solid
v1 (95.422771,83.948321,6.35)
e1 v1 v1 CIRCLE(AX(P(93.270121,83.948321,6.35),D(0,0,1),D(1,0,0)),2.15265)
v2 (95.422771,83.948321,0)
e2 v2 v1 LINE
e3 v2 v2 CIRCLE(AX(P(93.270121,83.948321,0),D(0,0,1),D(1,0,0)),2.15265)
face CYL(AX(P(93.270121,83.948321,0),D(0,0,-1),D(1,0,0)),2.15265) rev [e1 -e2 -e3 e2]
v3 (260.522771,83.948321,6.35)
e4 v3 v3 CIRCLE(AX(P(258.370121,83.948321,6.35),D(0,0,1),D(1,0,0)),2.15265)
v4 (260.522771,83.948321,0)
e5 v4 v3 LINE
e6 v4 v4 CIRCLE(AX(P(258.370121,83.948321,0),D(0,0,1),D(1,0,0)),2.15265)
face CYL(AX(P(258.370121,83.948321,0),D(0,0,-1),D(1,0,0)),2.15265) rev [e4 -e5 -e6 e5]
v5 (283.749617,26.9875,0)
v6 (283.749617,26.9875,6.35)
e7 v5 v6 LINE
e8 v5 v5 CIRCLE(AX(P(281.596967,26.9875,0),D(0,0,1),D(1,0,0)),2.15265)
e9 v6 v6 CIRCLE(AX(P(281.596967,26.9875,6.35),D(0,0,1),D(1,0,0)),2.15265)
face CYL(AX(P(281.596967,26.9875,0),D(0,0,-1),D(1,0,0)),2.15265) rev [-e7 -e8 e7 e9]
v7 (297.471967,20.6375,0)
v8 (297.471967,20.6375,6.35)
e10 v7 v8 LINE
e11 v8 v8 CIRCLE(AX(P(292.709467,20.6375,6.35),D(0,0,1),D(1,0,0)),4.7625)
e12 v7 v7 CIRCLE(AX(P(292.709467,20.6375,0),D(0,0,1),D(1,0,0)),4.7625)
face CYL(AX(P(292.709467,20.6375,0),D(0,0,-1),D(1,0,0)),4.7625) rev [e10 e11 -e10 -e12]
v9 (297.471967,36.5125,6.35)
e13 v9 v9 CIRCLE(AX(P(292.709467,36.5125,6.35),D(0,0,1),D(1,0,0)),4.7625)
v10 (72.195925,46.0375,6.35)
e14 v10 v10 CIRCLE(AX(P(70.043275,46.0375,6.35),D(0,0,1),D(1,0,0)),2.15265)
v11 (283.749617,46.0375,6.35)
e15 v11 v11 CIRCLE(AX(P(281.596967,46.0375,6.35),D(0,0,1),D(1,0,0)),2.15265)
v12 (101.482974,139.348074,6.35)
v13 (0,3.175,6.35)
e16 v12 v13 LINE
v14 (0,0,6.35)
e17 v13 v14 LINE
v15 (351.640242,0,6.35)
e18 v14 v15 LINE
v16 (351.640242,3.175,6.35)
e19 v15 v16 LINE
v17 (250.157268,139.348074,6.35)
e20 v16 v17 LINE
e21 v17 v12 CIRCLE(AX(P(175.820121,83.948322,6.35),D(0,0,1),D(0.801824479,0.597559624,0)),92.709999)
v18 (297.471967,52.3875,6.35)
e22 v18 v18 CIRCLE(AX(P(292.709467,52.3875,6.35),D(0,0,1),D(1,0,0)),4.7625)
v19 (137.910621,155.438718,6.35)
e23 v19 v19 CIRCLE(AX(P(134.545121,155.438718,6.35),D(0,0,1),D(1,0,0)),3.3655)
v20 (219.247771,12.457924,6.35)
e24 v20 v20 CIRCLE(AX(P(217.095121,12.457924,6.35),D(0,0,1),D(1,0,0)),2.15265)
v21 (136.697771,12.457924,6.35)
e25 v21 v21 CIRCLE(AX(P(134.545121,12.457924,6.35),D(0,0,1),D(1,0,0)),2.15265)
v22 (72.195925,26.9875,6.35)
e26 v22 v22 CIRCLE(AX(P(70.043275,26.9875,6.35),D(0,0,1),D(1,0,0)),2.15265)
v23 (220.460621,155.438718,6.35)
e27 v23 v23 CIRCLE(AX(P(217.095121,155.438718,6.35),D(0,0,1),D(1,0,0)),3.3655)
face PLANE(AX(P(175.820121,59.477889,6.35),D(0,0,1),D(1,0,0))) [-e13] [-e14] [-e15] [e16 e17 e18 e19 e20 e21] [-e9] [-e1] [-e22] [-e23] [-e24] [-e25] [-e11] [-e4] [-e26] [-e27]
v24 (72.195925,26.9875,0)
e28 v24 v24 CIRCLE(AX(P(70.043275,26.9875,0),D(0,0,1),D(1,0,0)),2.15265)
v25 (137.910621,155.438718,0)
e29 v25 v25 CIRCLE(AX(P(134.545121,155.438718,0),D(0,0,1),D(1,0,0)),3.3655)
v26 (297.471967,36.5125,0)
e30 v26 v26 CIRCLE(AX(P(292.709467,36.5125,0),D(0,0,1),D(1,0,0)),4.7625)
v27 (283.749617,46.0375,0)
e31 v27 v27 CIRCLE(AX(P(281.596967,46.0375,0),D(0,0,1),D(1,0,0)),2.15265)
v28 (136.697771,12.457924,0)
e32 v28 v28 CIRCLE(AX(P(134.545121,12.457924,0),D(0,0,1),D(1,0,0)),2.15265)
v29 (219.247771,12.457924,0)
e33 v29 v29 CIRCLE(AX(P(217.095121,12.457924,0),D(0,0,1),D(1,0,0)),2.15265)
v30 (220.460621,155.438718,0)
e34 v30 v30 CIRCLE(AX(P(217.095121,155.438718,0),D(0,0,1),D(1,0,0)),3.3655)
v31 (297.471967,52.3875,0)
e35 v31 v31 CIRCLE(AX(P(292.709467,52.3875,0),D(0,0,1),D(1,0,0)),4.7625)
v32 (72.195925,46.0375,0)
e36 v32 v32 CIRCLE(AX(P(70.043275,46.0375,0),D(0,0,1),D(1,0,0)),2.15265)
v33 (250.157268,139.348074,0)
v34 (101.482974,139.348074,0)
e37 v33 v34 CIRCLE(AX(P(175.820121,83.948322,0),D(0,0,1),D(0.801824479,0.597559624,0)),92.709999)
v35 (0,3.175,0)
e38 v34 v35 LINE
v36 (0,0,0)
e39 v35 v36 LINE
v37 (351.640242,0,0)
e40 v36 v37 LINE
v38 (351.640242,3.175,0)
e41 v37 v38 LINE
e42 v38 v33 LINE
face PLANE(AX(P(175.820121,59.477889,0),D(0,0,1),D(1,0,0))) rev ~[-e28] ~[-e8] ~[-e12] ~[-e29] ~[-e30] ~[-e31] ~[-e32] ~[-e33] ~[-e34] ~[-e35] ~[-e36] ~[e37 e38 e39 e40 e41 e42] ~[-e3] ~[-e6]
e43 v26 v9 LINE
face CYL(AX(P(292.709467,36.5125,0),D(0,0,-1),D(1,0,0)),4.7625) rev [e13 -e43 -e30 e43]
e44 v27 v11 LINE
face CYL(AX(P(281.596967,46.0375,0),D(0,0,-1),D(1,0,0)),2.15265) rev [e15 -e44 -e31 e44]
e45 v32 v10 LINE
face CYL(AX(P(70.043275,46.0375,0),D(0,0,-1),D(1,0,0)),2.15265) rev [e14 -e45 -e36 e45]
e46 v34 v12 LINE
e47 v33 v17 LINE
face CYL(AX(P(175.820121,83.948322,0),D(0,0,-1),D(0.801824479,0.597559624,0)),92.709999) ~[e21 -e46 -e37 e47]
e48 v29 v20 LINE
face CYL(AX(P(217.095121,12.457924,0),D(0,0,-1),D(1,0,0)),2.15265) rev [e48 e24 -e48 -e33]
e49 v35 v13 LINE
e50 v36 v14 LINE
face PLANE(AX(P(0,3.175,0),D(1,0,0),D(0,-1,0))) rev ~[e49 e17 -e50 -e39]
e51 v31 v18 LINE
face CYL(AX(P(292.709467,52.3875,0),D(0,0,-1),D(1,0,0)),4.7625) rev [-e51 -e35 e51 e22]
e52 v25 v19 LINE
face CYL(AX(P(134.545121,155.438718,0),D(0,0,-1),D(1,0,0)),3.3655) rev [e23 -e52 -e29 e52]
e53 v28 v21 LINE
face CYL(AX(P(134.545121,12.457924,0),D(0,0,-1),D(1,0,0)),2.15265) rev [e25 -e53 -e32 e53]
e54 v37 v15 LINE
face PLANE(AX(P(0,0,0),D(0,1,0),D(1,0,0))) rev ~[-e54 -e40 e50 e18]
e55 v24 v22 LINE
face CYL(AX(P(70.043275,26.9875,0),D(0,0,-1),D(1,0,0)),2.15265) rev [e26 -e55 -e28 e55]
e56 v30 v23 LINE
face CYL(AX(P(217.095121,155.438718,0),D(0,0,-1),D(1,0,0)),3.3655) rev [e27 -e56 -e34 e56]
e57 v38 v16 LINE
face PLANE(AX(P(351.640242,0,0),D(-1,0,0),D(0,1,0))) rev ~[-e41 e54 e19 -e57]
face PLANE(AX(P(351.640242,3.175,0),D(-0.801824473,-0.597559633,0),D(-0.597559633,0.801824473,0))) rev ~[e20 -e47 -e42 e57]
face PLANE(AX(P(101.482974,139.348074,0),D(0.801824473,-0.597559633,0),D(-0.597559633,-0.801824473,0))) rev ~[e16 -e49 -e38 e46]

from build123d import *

# Parameters (mm, degrees)
F0_R     = 2.15265
F0_R_2   = 4.7625
F0_R_3   = 3.3655
F1_DEPTH = 6.35


with BuildPart() as f1:
    # F0 (on Top) → F1 (new body)
    with BuildSketch(Plane.XY):
        with BuildLine():
            Line((0, 3.175), (0, 0))
            Line((0, 0), (351.640242, 0))
            Line((351.640242, 0), (351.640242, 3.175))
            Line((351.640242, 3.175), (250.157268, 139.348074))
            ThreePointArc((250.157268, 139.348074), (175.820121, 176.658321), (101.482974, 139.348074))
            Line((101.482974, 139.348074), (0, 3.175))
        make_face()
        with Locations((70.043275, 26.9875)):
            Circle(F0_R, mode=Mode.SUBTRACT)
        with Locations((134.545121, 12.457924)):
            Circle(F0_R, mode=Mode.SUBTRACT)
        with Locations((70.043275, 46.0375)):
            Circle(F0_R, mode=Mode.SUBTRACT)
        with Locations((93.270121, 83.948321)):
            Circle(F0_R, mode=Mode.SUBTRACT)
        with Locations((217.095121, 12.457924)):
            Circle(F0_R, mode=Mode.SUBTRACT)
        with Locations((292.709467, 20.6375)):
            Circle(F0_R_2, mode=Mode.SUBTRACT)
        with Locations((281.596967, 26.9875)):
            Circle(F0_R, mode=Mode.SUBTRACT)
        with Locations((292.709467, 36.5125)):
            Circle(F0_R_2, mode=Mode.SUBTRACT)
        with Locations((258.370121, 83.948321)):
            Circle(F0_R, mode=Mode.SUBTRACT)
        with Locations((281.596967, 46.0375)):
            Circle(F0_R, mode=Mode.SUBTRACT)
        with Locations((292.709467, 52.3875)):
            Circle(F0_R_2, mode=Mode.SUBTRACT)
        with Locations((134.545121, 155.438718)):
            Circle(F0_R_3, mode=Mode.SUBTRACT)
        with Locations((217.095121, 155.438718)):
            Circle(F0_R_3, mode=Mode.SUBTRACT)
    extrude(amount=F1_DEPTH)


solid = f1.part
